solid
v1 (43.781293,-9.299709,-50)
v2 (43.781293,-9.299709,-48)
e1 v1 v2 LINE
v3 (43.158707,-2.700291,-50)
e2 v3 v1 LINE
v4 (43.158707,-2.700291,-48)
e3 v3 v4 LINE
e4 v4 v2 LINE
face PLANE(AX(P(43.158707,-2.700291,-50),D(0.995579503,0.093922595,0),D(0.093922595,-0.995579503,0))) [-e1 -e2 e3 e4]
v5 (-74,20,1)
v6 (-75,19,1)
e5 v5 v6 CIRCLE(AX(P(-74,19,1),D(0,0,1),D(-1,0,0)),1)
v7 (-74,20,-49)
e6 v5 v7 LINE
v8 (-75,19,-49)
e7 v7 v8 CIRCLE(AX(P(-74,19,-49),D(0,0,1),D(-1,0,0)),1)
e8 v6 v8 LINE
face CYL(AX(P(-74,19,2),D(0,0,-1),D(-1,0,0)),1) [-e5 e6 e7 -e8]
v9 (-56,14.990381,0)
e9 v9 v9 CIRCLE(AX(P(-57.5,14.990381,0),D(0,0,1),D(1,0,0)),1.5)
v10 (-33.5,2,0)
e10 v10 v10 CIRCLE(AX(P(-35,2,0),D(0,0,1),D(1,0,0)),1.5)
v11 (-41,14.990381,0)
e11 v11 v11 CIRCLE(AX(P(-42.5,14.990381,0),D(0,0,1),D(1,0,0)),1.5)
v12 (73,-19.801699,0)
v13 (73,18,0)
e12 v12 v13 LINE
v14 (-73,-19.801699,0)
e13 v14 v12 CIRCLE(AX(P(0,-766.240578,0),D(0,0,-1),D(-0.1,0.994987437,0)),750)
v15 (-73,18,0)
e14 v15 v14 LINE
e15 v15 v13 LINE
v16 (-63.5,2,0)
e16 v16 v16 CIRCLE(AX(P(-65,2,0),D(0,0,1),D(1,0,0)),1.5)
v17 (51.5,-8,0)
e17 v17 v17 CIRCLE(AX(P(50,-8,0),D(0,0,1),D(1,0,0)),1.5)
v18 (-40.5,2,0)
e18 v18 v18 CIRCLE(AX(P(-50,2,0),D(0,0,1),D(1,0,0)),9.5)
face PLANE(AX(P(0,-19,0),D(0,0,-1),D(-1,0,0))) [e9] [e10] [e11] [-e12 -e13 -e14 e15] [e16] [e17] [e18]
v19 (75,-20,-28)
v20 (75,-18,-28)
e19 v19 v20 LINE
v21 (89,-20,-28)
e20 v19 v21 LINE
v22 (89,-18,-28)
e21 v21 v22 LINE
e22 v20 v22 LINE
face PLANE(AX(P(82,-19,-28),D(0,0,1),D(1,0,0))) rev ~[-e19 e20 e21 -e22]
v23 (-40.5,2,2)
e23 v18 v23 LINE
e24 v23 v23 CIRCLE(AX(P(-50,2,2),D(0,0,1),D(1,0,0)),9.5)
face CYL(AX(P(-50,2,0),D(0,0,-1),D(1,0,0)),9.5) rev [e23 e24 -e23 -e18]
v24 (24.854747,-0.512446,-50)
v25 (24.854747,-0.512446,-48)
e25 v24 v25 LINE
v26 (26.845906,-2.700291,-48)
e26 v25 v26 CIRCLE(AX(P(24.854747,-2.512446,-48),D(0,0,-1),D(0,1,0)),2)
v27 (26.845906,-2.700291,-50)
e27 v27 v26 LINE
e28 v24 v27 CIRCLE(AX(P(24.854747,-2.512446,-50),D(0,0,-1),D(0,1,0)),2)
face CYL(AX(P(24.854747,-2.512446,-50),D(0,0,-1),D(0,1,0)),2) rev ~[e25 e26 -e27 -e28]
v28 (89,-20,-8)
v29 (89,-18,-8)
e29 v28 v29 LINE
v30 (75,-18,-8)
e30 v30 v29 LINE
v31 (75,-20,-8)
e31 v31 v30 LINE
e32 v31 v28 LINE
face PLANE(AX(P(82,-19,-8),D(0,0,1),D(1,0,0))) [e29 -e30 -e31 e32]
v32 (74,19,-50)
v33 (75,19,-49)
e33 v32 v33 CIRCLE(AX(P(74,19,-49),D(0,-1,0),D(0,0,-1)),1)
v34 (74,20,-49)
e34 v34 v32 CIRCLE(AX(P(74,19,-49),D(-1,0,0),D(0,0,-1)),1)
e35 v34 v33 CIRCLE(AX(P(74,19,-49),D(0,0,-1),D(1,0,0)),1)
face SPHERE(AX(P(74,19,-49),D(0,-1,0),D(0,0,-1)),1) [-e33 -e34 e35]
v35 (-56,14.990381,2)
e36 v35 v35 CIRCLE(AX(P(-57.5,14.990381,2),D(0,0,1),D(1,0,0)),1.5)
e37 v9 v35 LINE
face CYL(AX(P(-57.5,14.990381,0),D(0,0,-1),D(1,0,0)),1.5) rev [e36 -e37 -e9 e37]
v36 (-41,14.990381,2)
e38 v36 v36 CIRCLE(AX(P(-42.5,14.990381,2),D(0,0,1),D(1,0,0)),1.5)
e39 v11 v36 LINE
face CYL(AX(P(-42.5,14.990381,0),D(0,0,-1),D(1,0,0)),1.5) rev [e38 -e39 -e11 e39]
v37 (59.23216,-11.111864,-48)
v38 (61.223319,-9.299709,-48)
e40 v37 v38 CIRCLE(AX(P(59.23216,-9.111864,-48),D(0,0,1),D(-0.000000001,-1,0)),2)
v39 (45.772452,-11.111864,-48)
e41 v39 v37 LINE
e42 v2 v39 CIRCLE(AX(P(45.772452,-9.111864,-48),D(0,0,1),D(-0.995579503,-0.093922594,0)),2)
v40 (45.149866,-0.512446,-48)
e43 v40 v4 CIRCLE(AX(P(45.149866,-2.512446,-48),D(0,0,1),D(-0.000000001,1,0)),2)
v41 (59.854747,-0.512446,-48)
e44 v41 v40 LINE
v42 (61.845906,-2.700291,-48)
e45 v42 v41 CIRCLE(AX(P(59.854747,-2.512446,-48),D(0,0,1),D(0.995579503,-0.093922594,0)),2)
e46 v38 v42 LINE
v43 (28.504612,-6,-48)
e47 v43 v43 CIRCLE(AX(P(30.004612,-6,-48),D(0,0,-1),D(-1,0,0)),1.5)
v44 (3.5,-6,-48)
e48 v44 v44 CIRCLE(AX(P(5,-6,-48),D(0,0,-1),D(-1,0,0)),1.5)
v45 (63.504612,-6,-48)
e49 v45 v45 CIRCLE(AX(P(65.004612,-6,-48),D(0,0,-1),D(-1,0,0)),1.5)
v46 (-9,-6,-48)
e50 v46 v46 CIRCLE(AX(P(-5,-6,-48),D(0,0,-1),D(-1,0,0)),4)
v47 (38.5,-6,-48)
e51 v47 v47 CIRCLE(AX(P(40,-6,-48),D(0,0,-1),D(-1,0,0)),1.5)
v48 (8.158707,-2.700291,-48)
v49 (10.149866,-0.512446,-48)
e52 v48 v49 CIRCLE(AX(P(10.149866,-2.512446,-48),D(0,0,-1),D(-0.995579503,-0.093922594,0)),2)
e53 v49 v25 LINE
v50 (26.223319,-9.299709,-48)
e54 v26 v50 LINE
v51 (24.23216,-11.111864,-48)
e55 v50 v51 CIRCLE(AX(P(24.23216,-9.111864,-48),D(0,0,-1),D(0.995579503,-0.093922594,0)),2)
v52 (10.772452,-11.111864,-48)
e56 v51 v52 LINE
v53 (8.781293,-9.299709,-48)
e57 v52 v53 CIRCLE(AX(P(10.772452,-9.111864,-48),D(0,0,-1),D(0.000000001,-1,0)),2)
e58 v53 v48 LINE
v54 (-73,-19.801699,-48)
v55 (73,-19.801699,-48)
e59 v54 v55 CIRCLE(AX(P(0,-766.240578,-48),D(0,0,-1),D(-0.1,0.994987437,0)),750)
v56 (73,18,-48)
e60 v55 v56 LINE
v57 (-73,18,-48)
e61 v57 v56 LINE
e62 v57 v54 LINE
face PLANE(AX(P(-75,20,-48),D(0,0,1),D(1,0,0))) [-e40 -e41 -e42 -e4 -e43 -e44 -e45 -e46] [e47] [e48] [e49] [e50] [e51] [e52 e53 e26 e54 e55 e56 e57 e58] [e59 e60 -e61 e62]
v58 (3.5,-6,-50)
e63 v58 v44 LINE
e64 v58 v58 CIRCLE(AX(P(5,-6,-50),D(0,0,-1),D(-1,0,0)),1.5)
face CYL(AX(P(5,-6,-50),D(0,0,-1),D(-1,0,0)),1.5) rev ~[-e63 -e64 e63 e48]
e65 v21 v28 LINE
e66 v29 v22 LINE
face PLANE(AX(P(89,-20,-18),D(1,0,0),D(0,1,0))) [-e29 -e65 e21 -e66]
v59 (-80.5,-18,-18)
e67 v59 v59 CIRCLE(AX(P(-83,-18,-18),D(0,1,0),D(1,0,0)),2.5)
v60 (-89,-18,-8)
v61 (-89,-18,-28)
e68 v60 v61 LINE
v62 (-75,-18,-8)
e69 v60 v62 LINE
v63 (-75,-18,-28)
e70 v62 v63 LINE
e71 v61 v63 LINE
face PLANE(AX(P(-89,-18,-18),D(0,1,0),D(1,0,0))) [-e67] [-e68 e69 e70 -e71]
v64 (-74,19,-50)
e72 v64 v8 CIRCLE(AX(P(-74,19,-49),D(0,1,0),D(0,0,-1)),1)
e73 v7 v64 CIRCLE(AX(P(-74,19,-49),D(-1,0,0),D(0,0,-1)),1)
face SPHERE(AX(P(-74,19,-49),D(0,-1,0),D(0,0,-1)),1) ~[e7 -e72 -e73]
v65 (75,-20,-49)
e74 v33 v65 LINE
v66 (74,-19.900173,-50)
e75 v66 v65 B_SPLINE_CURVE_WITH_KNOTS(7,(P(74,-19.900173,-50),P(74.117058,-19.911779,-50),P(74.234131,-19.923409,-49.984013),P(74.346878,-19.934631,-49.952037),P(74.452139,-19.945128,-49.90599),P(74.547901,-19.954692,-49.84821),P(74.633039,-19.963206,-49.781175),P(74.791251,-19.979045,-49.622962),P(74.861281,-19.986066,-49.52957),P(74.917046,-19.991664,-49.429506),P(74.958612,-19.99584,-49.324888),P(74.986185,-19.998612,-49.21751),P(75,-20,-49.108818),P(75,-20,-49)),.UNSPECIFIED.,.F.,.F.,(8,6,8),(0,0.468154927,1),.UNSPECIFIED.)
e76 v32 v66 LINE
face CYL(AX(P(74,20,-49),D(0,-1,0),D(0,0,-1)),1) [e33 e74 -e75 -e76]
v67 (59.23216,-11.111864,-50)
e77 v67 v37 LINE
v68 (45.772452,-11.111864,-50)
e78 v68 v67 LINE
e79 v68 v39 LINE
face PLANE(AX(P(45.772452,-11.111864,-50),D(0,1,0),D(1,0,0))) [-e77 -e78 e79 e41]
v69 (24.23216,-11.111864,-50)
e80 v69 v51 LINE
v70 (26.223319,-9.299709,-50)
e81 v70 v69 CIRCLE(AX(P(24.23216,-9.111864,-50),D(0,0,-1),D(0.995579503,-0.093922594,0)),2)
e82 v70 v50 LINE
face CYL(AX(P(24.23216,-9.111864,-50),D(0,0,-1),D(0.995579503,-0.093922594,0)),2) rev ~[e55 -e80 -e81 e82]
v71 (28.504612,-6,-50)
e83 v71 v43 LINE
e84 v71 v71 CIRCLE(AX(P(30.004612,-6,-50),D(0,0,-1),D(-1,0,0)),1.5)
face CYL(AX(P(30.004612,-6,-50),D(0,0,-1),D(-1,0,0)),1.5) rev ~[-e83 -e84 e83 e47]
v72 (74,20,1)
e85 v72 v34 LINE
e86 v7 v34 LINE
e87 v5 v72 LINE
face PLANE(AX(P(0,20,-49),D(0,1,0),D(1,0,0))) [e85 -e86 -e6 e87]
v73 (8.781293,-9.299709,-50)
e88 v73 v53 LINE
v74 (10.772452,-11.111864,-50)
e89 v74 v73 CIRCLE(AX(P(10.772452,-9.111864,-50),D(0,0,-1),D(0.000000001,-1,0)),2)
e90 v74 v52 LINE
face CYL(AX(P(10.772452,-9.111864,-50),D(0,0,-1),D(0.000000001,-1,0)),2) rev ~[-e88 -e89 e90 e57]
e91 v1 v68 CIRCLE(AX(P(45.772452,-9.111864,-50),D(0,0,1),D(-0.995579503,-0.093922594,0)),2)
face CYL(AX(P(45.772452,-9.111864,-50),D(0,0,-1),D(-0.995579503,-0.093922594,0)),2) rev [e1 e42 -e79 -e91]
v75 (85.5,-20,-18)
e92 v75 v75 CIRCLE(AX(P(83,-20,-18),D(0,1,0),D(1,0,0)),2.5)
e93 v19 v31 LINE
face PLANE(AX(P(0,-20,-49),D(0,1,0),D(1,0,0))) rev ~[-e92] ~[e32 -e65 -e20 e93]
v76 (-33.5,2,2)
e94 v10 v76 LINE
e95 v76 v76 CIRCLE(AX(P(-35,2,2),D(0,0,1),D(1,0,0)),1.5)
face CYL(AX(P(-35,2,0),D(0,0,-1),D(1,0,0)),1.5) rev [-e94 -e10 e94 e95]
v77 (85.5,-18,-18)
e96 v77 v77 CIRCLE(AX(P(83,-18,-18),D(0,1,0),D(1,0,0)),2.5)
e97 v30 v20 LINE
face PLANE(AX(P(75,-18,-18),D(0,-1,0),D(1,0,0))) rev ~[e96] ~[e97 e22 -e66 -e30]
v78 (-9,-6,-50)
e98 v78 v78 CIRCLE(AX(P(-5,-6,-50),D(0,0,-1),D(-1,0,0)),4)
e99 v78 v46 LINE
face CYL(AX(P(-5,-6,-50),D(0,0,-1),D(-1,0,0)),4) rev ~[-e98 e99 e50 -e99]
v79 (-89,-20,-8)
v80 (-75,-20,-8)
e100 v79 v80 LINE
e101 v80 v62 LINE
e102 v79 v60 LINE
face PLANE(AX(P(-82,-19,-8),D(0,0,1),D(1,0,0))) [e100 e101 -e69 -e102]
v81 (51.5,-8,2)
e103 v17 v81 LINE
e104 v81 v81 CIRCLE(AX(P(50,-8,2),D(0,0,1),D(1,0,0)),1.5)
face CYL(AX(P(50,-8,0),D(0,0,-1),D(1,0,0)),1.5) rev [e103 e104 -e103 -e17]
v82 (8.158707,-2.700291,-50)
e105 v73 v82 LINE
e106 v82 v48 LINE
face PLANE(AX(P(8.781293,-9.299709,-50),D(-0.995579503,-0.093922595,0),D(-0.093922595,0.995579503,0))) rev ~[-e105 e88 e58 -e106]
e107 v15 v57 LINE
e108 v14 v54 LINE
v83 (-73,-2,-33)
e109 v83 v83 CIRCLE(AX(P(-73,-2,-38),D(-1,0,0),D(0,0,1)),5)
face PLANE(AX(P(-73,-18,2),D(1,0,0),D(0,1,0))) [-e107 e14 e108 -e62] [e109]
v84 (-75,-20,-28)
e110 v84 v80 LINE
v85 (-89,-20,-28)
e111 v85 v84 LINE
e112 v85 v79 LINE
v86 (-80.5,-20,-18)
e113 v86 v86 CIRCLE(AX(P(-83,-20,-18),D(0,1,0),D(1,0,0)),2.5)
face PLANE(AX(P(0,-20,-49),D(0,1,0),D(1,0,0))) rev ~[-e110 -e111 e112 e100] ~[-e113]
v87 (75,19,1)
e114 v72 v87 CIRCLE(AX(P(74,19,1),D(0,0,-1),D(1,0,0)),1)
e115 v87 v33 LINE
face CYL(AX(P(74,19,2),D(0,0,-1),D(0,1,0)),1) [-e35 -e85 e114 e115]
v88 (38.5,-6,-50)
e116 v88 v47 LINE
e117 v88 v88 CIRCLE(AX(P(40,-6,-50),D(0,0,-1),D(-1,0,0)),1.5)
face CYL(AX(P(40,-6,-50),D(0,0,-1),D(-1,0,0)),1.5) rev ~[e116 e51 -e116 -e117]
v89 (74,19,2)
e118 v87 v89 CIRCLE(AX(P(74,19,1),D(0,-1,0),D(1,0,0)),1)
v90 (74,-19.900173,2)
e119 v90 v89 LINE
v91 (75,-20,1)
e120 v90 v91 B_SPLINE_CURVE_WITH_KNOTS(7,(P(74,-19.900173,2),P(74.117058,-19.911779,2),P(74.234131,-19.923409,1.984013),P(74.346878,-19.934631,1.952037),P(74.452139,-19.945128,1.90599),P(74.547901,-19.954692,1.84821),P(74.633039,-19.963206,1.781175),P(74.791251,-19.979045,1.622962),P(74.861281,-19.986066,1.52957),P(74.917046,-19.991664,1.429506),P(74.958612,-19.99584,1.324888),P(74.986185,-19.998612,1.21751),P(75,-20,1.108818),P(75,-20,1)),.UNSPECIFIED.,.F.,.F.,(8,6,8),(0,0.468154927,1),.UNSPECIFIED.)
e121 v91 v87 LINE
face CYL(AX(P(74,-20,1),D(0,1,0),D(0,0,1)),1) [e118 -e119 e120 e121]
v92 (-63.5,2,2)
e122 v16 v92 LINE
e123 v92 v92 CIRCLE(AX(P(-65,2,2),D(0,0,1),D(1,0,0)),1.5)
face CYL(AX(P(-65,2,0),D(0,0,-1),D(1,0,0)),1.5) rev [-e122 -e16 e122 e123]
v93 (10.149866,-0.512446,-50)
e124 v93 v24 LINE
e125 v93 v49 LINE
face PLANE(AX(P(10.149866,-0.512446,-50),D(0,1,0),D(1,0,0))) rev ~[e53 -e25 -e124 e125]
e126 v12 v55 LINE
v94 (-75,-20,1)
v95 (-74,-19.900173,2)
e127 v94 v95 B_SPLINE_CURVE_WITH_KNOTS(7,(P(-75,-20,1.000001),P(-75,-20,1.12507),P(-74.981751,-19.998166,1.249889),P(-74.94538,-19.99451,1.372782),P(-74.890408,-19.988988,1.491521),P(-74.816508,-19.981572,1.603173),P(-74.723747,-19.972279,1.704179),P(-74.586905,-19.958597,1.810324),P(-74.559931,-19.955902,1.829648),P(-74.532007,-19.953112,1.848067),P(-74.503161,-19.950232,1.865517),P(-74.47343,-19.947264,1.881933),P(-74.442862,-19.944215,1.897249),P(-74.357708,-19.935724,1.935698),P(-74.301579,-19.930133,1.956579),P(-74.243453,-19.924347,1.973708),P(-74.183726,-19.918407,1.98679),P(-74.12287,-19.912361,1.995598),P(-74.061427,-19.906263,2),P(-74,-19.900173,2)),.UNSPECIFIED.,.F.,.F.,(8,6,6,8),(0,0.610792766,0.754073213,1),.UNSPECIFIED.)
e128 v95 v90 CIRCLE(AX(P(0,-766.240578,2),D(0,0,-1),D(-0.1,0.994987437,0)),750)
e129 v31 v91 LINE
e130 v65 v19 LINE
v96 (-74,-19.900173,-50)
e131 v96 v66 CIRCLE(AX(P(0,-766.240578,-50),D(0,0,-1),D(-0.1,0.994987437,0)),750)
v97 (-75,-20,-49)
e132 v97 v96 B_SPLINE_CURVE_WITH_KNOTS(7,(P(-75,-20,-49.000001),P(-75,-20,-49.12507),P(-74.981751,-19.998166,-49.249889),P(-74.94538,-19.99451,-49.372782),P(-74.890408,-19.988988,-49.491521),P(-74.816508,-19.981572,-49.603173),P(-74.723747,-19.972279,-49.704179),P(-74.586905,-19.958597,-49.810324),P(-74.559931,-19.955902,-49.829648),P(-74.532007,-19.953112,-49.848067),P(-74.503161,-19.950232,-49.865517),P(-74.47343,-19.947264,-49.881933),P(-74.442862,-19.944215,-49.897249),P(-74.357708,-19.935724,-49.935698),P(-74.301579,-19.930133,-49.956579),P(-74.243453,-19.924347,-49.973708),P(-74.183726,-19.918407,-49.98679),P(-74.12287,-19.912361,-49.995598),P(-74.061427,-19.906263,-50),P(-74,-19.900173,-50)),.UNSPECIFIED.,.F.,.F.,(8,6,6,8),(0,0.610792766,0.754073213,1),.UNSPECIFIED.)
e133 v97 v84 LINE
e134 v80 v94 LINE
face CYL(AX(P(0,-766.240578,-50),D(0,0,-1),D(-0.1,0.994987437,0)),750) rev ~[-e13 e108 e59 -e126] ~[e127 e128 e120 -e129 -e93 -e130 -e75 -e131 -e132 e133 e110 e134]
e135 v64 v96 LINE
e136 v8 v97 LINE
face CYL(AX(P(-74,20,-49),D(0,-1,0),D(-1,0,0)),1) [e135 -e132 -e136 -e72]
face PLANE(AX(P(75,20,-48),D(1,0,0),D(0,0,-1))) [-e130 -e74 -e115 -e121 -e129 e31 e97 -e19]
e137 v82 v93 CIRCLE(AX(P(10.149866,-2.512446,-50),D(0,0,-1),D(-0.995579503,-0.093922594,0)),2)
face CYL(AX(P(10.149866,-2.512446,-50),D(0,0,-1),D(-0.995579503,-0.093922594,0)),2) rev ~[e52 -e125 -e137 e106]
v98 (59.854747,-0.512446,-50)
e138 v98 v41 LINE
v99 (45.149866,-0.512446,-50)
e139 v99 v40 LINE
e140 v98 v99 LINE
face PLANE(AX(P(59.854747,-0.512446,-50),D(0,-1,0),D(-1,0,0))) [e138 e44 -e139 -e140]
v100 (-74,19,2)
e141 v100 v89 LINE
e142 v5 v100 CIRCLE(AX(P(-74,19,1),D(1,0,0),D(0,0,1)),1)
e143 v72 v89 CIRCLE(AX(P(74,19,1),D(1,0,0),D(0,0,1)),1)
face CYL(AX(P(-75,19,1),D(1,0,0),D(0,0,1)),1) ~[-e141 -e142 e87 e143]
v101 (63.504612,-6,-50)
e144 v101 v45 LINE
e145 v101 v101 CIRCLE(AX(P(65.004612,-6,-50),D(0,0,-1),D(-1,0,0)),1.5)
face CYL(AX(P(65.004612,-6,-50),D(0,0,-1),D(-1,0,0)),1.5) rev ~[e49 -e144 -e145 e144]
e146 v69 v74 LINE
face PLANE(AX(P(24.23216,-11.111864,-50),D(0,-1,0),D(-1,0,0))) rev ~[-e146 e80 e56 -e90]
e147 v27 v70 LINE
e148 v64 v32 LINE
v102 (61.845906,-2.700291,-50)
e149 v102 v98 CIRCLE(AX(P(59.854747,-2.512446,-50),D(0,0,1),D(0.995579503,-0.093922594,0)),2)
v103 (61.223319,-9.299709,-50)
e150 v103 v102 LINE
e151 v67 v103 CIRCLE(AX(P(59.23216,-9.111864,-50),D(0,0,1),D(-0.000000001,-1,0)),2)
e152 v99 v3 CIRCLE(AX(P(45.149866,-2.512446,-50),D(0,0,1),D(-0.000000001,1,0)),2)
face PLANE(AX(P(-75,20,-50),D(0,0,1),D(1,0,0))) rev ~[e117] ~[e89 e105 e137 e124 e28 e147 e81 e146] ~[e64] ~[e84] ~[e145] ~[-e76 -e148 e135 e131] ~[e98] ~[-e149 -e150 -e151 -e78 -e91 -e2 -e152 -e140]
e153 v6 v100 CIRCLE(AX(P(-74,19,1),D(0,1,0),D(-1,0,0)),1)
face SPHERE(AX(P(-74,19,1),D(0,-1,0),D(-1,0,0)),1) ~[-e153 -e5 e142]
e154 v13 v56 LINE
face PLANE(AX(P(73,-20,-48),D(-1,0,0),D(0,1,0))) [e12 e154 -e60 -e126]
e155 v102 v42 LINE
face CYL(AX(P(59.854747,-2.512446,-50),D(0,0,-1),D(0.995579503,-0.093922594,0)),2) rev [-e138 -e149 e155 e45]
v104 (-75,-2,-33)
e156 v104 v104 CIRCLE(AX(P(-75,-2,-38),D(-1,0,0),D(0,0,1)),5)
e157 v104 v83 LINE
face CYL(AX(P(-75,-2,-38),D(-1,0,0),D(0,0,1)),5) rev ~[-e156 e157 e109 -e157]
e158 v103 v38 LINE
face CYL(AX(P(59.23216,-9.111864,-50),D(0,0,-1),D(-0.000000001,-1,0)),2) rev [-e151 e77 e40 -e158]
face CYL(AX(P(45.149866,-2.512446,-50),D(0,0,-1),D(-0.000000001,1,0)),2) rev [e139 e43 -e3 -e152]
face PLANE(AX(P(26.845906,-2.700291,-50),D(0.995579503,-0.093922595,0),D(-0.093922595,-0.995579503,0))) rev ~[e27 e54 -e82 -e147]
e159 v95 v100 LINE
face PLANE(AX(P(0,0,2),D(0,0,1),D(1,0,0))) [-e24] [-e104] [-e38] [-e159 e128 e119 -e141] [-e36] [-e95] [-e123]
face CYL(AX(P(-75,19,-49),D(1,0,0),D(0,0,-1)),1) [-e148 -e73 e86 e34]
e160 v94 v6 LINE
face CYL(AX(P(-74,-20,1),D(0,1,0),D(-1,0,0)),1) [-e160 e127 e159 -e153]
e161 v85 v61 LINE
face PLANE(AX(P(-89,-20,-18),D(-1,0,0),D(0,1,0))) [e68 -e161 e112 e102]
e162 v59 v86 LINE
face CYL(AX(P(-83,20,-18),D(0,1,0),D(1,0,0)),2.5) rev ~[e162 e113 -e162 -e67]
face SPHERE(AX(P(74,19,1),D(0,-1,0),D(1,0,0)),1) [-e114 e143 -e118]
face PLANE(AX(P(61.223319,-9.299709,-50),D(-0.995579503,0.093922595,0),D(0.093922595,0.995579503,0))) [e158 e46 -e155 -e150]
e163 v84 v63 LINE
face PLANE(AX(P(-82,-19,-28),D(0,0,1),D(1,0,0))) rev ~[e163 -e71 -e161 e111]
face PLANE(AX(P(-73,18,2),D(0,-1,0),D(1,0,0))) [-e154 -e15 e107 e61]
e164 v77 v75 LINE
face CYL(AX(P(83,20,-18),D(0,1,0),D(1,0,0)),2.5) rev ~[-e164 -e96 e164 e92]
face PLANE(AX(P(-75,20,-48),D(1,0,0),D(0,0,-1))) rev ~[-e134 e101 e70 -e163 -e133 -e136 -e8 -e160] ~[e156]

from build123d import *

# Parameters (mm, degrees)
SKETCH1_W           = 150
SKETCH1_H           = 40
SKETCH1_R           = 9.5
SKETCH1_R_2         = 1.5
BOSS_EXTRUDE1_DEPTH = 2
SKETCH2_W           = 150
SKETCH2_H           = 40
SKETCH2_W_2         = 146
SKETCH2_H_2         = 36
BOSS_EXTRUDE3_DEPTH = 50
CUT_EXTRUDE1_REACH  = 152
SKETCH4_R           = 5
SKETCH8_W           = 146
SKETCH8_H           = 2
CUT_EXTRUDE4_DEPTH  = 48
SKETCH9_W           = 150
SKETCH9_H           = 2
BOSS_EXTRUDE4_DEPTH = 40
SKETCH10_W          = 14
SKETCH10_H          = 2
BOSS_EXTRUDE5_DEPTH = 10
SKETCH11_R          = 2.5
CUT_EXTRUDE5_DEPTH  = 41
SKETCH12_R          = 1.5
SKETCH12_R_2        = 4
CUT_EXTRUDE6_DEPTH  = 2
CUT_EXTRUDE7_DEPTH  = 60
FILLET1_R           = 1


with BuildPart() as part:
    # Sketch1 → Boss-Extrude1 (new body)
    with BuildSketch(Plane.XY):
        Rectangle(SKETCH1_W, SKETCH1_H)
        with Locations((-50, 2)):
            Circle(SKETCH1_R, mode=Mode.SUBTRACT)
        with Locations((-65, 2)):
            Circle(SKETCH1_R_2, mode=Mode.SUBTRACT)
        with Locations((-57.5, 14.990381057)):
            Circle(SKETCH1_R_2, mode=Mode.SUBTRACT)
        with Locations((-42.5, 14.990381057)):
            Circle(SKETCH1_R_2, mode=Mode.SUBTRACT)
        with Locations((-35, 2)):
            Circle(SKETCH1_R_2, mode=Mode.SUBTRACT)
        with Locations((50, -8)):
            Circle(SKETCH1_R_2, mode=Mode.SUBTRACT)
    extrude(amount=BOSS_EXTRUDE1_DEPTH)

    # Sketch2 → Boss-Extrude3 (add)
    with BuildSketch(Plane.XY.offset(2)):
        Rectangle(SKETCH2_W, SKETCH2_H)
        Rectangle(SKETCH2_W_2, SKETCH2_H_2, mode=Mode.SUBTRACT)
    extrude(amount=-BOSS_EXTRUDE3_DEPTH)

    # Sketch4 → Cut-Extrude1 (cut, up to next)
    with BuildSketch(Plane.ZY.offset(75), mode=Mode.PRIVATE) as cut_extrude1_sk1:
        with Locations((-38, -2)):
            Circle(SKETCH4_R)
    cut_extrude1_tool1 = extrude(cut_extrude1_sk1.sketch, amount=-CUT_EXTRUDE1_REACH, mode=Mode.PRIVATE) & part.part
    add(cut_extrude1_tool1.solids().sort_by_distance((-75, -2, -38))[0], mode=Mode.SUBTRACT)

    # Sketch8 → Cut-Extrude4 (cut)
    with BuildSketch(Plane(origin=(0, 0, -48), x_dir=(-1, 0, 0), z_dir=(0, 0, -1))):
        with Locations((0, -19)):
            Rectangle(SKETCH8_W, SKETCH8_H)
    extrude(amount=-CUT_EXTRUDE4_DEPTH, mode=Mode.SUBTRACT)

    # Sketch9 → Boss-Extrude4 (add)
    with BuildSketch(Plane(origin=(0, 20, 0), x_dir=(1, 0, 0), z_dir=(0, 1, 0))):
        with Locations((0, 49)):
            Rectangle(SKETCH9_W, SKETCH9_H)
    extrude(amount=-BOSS_EXTRUDE4_DEPTH)

    # Sketch10 → Boss-Extrude5 (add, symmetric)
    with BuildSketch(Plane.XY.offset(-18)):
        with Locations((-82, -19)):
            Rectangle(SKETCH10_W, SKETCH10_H)
        with Locations((82, -19)):
            Rectangle(SKETCH10_W, SKETCH10_H)
    extrude(amount=BOSS_EXTRUDE5_DEPTH, both=True)

    # Sketch11 → Cut-Extrude5 (cut, through all)
    with BuildSketch(Plane(origin=(0, 20, 0), x_dir=(1, 0, 0), z_dir=(0, 1, 0))):
        with Locations((-83, 18)):
            Circle(SKETCH11_R)
        with Locations((83, 18)):
            Circle(SKETCH11_R)
    extrude(amount=-CUT_EXTRUDE5_DEPTH, mode=Mode.SUBTRACT)

    # Sketch12 → Cut-Extrude6 (cut)
    with BuildSketch(Plane(origin=(0, 0, -50), x_dir=(-1, 0, 0), z_dir=(0, 0, -1))):
        with Locations((-65.004612411, -6)):
            Circle(SKETCH12_R)
        with Locations((-40, -6)):
            Circle(SKETCH12_R)
        with Locations((-5, -6)):
            Circle(SKETCH12_R)
        with Locations((-30.004612411, -6)):
            Circle(SKETCH12_R)
        with Locations((5, -6)):
            Circle(SKETCH12_R_2)
        with BuildLine():
            Line((-59.85474671, -0.512445776), (-45.1498657, -0.512445776))
            ThreePointArc((-45.1498657, -0.512445776), (-43.670729064, -1.166282781), (-43.158706695, -2.700290966))
            Line((-43.158706695, -2.700290966), (-43.781293305, -9.299709034))
            ThreePointArc((-43.781293305, -9.299709034), (-44.426289315, -10.591000482), (-45.772452311, -11.111863845))
            Line((-45.772452311, -11.111863845), (-59.2321601, -11.111863845))
            ThreePointArc((-59.2321601, -11.111863845), (-60.578323096, -10.591000482), (-61.223319106, -9.299709034))
            Line((-61.223319106, -9.299709034), (-61.845905716, -2.700290966))
            ThreePointArc((-61.845905716, -2.700290966), (-61.333883347, -1.166282781), (-59.85474671, -0.512445776))
        make_face()
        with BuildLine():
            Line((-26.845905716, -2.700290966), (-26.223319106, -9.299709034))
            ThreePointArc((-26.223319106, -9.299709034), (-25.578323096, -10.591000482), (-24.2321601, -11.111863845))
            Line((-24.2321601, -11.111863845), (-10.772452311, -11.111863845))
            ThreePointArc((-10.772452311, -11.111863845), (-9.426289315, -10.591000482), (-8.781293305, -9.299709034))
            Line((-8.781293305, -9.299709034), (-8.158706695, -2.700290966))
            ThreePointArc((-8.158706695, -2.700290966), (-8.670729064, -1.166282781), (-10.1498657, -0.512445776))
            Line((-10.1498657, -0.512445776), (-24.85474671, -0.512445776))
            ThreePointArc((-24.85474671, -0.512445776), (-26.333883347, -1.166282781), (-26.845905716, -2.700290966))
        make_face()
    extrude(amount=-CUT_EXTRUDE6_DEPTH, mode=Mode.SUBTRACT)

    # Sketch14 → Cut-Extrude7 (cut)
    with BuildSketch(Plane(origin=(0, 0, -50), x_dir=(-1, 0, 0), z_dir=(0, 0, -1))):
        with BuildLine():
            Line((-75, -20), (75, -20))
            ThreePointArc((75, -20), (0, -16.24057783), (-75, -20))
        make_face()
    extrude(amount=-CUT_EXTRUDE7_DEPTH, mode=Mode.SUBTRACT)

    # Fillet1
    fillet1_edges = [part.edges().sort_by_distance(p)[0] for p in [
        (-75, 0, -50),
        (75, 0, -50),
        (0, 20, -50),
        (-75, 0, 2),
        (75, 0, 2),
        (-75, 20, -24),
        (75, 20, -24),
        (0, 20, 2),
    ]]
    fillet(fillet1_edges, radius=FILLET1_R)


solid = part.part
